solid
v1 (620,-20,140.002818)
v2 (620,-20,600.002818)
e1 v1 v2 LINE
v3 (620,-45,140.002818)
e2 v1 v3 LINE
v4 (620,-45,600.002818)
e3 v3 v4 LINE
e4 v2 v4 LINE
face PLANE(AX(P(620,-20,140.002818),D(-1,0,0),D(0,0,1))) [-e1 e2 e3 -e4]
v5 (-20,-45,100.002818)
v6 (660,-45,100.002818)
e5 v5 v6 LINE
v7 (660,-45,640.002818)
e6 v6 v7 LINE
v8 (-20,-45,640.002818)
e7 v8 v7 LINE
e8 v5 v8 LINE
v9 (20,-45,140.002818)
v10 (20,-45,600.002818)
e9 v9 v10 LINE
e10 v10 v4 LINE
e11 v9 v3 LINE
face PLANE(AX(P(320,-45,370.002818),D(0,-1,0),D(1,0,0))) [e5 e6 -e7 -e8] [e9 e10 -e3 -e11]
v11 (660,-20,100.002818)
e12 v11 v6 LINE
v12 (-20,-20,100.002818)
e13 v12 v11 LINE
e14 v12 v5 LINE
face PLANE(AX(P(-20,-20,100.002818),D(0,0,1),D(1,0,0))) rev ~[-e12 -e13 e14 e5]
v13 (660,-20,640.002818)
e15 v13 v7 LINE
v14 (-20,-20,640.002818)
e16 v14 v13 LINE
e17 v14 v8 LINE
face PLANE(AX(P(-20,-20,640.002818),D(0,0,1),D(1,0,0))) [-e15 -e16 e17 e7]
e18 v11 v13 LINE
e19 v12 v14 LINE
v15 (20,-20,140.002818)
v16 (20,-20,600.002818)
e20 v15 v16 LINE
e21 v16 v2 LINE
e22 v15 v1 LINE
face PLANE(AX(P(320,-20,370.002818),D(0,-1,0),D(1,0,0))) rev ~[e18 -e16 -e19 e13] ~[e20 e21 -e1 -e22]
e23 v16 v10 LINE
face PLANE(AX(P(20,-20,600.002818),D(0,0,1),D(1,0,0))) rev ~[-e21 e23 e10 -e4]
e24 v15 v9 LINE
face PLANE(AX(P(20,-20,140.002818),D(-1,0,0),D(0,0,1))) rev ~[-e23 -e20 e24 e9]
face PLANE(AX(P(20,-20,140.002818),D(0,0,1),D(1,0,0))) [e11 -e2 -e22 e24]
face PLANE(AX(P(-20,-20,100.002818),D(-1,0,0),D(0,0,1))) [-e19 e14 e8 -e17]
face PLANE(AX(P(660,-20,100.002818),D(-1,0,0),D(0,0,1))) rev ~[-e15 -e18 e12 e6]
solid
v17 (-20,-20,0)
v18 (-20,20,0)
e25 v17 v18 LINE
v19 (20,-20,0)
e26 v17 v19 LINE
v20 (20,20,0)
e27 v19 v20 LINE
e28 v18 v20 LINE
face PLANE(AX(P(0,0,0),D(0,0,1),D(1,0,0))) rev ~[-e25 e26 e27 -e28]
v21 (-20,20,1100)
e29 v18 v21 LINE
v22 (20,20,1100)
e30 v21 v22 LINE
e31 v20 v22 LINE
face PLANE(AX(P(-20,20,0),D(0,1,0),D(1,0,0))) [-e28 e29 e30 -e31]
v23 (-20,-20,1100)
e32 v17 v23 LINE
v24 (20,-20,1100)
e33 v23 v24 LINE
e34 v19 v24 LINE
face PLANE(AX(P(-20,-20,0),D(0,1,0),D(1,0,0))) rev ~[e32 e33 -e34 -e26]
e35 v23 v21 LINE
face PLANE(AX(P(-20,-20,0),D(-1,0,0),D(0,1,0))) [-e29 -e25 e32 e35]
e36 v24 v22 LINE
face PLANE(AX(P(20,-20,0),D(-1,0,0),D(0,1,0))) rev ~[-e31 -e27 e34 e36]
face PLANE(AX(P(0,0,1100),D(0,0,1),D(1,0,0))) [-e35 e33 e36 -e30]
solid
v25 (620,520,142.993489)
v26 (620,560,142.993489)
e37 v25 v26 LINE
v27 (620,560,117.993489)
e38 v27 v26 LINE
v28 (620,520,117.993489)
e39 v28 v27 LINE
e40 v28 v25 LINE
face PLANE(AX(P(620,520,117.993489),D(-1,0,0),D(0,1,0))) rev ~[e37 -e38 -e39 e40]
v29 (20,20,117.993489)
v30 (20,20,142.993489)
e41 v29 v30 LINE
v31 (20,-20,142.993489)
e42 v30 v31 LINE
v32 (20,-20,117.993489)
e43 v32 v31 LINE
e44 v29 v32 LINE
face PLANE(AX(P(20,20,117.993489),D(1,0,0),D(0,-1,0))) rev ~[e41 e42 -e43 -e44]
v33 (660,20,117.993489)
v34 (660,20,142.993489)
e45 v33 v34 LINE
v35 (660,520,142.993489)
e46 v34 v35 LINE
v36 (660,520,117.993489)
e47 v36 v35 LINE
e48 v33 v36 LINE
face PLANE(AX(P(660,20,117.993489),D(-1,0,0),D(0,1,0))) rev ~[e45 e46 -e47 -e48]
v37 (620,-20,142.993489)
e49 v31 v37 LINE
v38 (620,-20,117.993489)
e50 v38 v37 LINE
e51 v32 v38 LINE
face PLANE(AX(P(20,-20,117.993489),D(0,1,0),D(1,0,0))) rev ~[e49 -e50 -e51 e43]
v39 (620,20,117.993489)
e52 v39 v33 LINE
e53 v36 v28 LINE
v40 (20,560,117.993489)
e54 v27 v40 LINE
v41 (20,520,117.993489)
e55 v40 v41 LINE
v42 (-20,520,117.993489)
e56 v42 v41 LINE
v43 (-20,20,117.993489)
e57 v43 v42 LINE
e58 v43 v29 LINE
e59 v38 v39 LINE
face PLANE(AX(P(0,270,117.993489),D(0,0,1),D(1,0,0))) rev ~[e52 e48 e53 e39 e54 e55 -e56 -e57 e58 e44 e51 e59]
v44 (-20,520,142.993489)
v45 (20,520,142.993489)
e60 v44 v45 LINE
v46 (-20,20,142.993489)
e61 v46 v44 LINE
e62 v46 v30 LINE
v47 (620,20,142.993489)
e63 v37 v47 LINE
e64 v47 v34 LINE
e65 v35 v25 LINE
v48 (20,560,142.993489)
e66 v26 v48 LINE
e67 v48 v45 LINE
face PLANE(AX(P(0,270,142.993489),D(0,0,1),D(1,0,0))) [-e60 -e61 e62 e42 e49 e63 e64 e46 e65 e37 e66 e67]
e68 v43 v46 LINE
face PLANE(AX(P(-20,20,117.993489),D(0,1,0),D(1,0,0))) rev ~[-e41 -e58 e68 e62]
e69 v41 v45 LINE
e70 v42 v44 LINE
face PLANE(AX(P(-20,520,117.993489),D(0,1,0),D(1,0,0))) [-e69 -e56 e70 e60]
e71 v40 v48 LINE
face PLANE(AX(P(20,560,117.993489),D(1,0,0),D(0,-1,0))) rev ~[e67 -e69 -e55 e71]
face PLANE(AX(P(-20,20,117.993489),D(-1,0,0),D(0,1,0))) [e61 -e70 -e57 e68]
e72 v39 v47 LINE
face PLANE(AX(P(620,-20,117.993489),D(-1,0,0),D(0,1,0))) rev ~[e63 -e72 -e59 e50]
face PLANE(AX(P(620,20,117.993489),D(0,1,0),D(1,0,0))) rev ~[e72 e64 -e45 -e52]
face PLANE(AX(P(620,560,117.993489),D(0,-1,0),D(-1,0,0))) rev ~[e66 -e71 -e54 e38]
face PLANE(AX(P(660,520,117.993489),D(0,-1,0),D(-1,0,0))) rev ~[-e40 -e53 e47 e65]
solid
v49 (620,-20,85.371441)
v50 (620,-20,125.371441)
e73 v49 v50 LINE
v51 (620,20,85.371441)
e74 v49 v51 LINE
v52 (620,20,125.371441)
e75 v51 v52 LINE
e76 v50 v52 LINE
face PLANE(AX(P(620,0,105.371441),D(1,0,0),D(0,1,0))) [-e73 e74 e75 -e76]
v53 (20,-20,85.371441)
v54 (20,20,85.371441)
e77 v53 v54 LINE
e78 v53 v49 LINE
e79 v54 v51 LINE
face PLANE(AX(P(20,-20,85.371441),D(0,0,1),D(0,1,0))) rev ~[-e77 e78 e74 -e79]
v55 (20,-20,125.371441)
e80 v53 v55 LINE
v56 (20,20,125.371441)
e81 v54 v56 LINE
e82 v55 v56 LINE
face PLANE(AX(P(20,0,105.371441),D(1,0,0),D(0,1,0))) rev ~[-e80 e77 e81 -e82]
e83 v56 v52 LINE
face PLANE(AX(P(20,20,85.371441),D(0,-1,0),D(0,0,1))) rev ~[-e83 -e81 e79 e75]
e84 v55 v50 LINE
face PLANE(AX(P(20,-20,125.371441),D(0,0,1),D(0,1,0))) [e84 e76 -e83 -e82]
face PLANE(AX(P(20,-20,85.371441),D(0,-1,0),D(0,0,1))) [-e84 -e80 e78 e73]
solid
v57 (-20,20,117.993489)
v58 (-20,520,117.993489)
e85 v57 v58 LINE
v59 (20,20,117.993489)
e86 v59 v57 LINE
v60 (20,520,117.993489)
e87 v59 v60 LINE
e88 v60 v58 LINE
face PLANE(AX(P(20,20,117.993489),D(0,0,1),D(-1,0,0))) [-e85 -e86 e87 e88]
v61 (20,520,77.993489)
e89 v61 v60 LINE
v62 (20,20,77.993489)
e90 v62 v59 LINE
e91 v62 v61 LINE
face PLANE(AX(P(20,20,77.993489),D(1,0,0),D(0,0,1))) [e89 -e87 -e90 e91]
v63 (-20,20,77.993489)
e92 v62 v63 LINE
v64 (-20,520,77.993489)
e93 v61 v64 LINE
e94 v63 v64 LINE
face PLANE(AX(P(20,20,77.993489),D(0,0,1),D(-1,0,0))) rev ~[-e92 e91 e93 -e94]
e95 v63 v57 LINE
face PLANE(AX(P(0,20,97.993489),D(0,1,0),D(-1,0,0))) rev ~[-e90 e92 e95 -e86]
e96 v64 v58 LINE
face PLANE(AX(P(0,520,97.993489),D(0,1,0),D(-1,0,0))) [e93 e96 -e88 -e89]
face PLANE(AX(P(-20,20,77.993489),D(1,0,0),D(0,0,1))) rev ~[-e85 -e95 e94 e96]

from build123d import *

# Parameters (mm, degrees)
F0_W     = 40
F0_H     = 40
F1_DEPTH = 1100
F2_W     = 40
F2_H     = 40
F3_DEPTH = 600
F4_W     = 40
F4_H     = 40
F5_DEPTH = 500
F6_W     = 40
F6_H     = 500
F7_DEPTH = 25
F8_W     = 680
F8_H     = 540
F8_W_2   = 600
F8_H_2   = 460
F9_DEPTH = 25


with BuildPart() as f1:
    # F0 (on Top) → F1 (new body)
    with BuildSketch(Plane.XY):
        Rectangle(F0_W, F0_H)
    extrude(amount=F1_DEPTH)


with BuildPart() as f3:
    # F2 (on face) → F3 (new body)
    with BuildSketch(Plane.YZ.offset(20)):
        with Locations((0, 105.371441)):
            Rectangle(F2_W, F2_H)
    extrude(amount=F3_DEPTH)


with BuildPart() as f5:
    # F4 (on face) → F5 (new body)
    with BuildSketch(Plane(origin=(0, 20, 0), x_dir=(-1, 0, 0), z_dir=(0, 1, 0))):
        with Locations((0, 97.993489)):
            Rectangle(F4_W, F4_H)
    extrude(amount=F5_DEPTH)


with BuildPart() as f7:
    # F6 (on face) → F7 (new body)
    with BuildSketch(Plane.XY.offset(117.993489)):
        with Locations((0, 270)):
            Rectangle(F6_W, F6_H)
        Polygon((20, 20), (20, -20), (620, -20), (620, 20), (660, 20), (660, 520), (620, 520), (620, 560), (20, 560), (20, 520), align=None)
    extrude(amount=F7_DEPTH)


with BuildPart() as f9:
    # F8 (on face) → F9 (new body)
    with BuildSketch(Plane.XZ.offset(20)):
        with Locations((320, 370.002818)):
            Rectangle(F8_W, F8_H)
        with Locations((320, 370.002818)):
            Rectangle(F8_W_2, F8_H_2, mode=Mode.SUBTRACT)
    extrude(amount=F9_DEPTH)


solid = Compound([f1.part, f3.part, f5.part, f7.part, f9.part])
